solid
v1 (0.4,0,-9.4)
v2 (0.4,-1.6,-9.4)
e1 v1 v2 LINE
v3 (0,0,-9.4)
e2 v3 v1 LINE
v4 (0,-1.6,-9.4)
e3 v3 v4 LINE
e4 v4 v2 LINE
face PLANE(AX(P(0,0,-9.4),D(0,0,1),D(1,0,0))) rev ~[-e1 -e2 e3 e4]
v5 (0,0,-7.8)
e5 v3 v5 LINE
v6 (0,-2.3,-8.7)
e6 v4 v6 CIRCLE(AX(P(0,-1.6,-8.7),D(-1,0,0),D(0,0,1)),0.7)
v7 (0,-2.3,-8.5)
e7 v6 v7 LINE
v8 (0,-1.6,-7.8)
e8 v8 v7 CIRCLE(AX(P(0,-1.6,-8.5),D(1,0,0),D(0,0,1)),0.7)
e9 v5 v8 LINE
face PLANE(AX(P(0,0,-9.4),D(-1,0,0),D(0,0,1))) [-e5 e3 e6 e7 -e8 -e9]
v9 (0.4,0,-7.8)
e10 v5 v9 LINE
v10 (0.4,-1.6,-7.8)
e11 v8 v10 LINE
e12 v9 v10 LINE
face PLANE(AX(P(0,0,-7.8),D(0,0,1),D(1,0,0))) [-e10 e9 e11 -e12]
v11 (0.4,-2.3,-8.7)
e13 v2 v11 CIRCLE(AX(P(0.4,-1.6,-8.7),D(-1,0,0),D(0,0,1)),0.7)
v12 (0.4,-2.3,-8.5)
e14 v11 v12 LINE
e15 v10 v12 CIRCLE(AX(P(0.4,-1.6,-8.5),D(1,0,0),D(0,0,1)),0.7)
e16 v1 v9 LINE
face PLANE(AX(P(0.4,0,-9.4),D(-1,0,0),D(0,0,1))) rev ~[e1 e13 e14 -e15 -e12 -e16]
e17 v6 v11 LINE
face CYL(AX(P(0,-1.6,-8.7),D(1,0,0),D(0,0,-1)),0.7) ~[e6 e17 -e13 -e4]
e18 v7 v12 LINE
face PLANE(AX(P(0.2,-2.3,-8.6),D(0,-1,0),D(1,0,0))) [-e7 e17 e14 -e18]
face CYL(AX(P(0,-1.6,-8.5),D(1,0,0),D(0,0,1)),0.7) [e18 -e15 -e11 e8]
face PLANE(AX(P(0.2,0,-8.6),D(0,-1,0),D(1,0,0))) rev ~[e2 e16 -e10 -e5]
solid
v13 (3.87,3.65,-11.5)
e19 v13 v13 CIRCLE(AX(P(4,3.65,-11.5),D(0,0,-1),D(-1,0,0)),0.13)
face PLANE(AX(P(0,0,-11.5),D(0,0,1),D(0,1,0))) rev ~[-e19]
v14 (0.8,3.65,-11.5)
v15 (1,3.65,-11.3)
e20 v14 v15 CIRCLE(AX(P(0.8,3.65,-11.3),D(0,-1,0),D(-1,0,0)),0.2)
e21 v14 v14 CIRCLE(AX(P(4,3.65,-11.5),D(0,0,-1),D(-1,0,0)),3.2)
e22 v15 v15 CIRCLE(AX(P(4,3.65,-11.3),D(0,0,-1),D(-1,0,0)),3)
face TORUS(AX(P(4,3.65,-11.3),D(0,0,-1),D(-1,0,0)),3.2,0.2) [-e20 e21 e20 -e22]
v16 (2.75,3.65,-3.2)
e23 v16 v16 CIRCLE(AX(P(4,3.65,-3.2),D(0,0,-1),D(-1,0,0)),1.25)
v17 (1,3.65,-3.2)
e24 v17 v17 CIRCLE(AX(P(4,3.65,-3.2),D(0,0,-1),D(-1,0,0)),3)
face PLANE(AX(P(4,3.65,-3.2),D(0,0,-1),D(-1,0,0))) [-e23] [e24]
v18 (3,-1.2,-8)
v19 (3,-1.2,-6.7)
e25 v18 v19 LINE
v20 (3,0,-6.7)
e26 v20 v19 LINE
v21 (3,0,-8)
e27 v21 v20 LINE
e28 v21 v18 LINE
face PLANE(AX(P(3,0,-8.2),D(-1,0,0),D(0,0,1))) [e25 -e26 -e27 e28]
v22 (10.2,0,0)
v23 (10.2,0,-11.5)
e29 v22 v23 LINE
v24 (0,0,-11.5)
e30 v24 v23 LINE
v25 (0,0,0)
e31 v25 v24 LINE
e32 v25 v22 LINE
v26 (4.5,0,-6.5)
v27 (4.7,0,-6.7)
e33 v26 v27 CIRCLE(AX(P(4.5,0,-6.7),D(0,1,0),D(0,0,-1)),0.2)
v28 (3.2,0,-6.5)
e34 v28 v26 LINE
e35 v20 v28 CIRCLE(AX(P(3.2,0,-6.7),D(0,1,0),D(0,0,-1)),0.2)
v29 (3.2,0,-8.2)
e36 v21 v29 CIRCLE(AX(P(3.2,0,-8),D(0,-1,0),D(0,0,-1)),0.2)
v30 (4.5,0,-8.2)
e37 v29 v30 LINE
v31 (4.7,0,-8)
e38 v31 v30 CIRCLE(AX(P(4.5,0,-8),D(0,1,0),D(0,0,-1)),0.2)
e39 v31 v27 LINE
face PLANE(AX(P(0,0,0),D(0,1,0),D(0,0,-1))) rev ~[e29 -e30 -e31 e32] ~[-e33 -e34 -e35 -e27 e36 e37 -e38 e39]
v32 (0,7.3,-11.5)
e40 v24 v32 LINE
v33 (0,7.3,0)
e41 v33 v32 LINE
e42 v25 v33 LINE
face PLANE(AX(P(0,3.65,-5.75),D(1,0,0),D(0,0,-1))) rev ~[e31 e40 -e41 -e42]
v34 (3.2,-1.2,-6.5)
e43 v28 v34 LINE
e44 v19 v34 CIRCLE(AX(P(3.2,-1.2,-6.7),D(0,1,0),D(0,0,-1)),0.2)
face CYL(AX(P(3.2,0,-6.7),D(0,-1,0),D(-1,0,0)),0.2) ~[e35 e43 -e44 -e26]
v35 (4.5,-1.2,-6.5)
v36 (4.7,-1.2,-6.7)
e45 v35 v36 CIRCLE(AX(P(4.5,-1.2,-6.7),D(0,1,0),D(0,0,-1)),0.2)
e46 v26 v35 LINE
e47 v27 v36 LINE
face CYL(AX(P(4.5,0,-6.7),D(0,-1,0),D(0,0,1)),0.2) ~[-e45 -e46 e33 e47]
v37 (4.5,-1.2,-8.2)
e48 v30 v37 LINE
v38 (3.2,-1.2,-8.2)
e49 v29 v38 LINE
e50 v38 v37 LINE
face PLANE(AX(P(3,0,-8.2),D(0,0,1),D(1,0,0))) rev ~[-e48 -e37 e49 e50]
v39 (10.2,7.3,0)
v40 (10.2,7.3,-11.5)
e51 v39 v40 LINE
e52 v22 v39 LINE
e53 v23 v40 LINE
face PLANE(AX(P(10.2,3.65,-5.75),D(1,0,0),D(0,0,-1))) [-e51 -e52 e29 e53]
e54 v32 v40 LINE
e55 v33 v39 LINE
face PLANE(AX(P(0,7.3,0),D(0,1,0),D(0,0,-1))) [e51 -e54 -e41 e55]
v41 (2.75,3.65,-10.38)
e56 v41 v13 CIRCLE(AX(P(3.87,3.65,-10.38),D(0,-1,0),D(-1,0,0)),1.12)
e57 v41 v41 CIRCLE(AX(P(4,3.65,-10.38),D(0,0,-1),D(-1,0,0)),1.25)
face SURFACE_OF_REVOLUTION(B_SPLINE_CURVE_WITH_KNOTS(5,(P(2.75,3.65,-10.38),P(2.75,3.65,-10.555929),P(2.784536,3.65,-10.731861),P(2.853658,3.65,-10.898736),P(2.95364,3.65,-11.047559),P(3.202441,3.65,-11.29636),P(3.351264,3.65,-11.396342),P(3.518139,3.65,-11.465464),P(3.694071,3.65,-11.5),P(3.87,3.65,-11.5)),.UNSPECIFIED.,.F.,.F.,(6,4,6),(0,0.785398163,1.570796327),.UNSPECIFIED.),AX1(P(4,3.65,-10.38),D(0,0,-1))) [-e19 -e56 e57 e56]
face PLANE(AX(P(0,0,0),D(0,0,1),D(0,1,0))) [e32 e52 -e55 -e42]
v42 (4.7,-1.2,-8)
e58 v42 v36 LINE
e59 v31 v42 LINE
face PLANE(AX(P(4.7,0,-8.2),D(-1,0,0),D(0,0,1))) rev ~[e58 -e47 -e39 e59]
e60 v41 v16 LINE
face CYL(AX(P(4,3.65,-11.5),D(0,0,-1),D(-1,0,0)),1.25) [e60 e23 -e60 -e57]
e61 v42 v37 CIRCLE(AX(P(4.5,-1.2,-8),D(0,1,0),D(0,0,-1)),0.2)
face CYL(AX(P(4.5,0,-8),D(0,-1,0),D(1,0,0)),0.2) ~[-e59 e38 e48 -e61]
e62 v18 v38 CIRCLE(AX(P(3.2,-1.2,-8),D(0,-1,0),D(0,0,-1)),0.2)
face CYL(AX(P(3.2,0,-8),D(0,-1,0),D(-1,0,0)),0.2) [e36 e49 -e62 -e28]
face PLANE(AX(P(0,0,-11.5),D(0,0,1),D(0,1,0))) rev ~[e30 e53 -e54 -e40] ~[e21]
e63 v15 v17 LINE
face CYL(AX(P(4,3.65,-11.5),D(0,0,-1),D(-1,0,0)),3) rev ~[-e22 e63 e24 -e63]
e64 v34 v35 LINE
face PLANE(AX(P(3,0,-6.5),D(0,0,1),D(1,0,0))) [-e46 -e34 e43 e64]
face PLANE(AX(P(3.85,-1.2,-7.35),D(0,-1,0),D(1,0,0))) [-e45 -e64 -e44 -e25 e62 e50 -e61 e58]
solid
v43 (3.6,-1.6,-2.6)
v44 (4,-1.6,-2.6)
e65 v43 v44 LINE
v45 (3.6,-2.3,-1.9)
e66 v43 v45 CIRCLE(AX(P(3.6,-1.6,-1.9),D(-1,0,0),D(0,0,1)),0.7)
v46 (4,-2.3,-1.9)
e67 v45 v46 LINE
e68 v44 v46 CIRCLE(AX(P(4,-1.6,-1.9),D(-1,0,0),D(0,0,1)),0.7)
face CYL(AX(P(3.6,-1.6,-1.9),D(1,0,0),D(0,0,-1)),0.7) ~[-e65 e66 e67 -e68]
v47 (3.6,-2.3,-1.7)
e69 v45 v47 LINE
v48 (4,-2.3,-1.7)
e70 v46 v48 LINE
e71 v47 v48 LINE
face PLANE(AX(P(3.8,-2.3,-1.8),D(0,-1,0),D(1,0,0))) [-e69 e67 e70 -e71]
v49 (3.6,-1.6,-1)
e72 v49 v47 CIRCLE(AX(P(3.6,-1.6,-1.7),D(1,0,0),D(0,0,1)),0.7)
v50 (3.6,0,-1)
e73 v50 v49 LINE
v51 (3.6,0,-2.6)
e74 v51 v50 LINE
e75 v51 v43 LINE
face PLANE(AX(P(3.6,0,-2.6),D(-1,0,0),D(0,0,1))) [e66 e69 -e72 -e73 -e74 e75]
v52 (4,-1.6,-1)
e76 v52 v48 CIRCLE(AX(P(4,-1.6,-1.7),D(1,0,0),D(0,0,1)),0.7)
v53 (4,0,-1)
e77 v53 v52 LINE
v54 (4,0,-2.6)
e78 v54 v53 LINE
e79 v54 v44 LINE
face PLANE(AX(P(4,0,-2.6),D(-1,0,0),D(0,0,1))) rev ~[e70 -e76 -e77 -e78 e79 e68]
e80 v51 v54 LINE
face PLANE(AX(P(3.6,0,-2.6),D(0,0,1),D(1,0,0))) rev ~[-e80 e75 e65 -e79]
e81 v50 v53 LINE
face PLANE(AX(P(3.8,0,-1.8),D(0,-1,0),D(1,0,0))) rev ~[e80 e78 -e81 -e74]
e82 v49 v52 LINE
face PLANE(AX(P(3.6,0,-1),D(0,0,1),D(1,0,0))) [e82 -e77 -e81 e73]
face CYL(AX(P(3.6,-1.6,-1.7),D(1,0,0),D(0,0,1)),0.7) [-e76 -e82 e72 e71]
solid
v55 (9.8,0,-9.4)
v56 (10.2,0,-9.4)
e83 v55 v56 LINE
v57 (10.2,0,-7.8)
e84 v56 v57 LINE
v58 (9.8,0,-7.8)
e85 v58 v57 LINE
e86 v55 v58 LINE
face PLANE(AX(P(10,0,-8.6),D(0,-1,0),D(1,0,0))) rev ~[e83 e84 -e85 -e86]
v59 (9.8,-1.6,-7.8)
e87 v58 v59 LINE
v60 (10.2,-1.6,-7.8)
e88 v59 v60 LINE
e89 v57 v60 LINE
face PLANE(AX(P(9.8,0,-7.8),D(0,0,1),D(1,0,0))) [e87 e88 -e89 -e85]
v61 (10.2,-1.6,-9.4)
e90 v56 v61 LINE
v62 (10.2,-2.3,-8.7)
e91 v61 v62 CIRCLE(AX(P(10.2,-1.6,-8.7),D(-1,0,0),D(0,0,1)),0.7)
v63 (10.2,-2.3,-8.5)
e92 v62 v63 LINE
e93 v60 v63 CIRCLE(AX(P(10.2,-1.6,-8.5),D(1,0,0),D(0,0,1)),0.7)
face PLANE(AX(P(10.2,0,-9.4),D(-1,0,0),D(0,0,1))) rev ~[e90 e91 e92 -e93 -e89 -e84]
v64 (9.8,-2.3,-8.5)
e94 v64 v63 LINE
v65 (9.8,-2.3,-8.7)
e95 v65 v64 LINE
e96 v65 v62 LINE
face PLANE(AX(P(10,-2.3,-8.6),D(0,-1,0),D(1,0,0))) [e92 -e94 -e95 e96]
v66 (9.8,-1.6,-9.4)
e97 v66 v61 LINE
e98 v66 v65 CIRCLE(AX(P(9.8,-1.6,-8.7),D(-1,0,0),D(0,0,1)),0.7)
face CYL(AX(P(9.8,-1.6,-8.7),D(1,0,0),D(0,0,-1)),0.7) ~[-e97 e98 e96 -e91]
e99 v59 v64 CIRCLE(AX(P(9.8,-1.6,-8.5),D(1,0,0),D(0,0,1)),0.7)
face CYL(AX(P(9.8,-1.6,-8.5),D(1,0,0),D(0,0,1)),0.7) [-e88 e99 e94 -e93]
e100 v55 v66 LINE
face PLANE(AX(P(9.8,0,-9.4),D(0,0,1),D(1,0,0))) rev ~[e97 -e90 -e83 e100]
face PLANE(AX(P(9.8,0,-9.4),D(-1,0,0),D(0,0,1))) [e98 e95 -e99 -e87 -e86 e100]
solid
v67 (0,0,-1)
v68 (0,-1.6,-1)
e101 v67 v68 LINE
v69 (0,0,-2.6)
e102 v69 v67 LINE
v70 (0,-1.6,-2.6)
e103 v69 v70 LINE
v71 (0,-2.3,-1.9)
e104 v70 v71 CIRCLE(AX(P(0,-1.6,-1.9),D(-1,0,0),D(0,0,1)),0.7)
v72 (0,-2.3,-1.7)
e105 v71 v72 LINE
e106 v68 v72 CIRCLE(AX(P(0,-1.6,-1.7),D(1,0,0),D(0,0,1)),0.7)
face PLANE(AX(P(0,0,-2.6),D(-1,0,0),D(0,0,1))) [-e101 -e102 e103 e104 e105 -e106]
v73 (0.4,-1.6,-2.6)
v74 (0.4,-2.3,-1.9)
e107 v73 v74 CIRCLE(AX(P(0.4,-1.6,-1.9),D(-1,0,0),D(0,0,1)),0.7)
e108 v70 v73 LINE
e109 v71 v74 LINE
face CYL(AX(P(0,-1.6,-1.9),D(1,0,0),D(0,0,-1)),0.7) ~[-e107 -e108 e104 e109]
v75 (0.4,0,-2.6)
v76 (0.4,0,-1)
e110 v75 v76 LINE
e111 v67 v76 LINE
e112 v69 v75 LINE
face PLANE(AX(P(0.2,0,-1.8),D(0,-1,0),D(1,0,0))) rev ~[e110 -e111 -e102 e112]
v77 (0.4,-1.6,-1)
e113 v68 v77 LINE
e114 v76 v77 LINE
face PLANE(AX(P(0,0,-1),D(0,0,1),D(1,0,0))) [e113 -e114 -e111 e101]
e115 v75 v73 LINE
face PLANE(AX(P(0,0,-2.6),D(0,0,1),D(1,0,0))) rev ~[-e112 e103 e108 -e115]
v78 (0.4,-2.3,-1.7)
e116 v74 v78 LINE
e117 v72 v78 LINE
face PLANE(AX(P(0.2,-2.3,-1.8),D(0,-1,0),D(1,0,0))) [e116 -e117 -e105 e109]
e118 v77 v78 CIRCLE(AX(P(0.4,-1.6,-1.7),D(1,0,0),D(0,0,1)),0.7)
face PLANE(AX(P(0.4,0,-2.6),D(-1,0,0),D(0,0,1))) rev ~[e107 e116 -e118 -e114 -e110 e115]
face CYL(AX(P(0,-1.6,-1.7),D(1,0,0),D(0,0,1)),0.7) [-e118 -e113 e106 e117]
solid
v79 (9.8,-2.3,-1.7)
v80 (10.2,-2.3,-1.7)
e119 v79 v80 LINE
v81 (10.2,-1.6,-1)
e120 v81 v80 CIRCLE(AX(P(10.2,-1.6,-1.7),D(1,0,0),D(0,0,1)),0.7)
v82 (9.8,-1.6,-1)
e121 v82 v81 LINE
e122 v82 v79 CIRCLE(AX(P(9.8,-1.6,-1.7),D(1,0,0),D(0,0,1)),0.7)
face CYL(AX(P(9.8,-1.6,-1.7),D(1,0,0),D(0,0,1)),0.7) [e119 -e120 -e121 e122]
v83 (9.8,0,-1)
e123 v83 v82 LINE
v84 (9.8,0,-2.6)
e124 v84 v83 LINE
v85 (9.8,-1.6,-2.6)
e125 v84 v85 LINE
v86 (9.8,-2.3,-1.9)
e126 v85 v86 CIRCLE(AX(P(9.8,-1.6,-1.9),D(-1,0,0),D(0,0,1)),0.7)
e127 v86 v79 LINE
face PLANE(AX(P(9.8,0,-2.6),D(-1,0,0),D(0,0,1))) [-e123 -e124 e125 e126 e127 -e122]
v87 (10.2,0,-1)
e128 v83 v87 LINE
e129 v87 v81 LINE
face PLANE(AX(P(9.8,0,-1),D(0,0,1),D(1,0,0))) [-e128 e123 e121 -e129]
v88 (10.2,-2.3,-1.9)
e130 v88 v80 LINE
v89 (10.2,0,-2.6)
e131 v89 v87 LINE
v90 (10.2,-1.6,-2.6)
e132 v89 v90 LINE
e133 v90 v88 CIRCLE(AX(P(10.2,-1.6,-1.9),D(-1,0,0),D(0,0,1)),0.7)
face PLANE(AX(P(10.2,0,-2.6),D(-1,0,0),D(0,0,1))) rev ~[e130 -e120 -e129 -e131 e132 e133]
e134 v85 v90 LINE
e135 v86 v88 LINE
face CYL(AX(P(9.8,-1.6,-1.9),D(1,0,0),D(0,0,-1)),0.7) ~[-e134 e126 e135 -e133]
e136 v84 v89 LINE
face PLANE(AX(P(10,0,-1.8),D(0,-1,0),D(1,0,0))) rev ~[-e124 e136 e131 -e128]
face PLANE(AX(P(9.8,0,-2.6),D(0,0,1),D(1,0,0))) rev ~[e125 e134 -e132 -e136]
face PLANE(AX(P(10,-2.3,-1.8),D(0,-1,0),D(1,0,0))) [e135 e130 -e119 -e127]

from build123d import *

# Parameters (mm, degrees)
SKETCH_1_W          = 11.5
SKETCH_1_H          = 7.3
EXTRUDE_1_DEPTH     = 10.2
SKETCH_2_R          = 3
SKETCH_2_R_2        = 1.25
CUT_EXTRUDE_1_DEPTH = 8.3
FILLET_1_R          = 1.12
SKETCH_3_W          = 0.4
SKETCH_3_H          = 1.6
EXTRUDE_2_DEPTH     = 2.3
EXTRUDE_2_2_DEPTH   = 2.3
EXTRUDE_2_3_DEPTH   = 2.3
EXTRUDE_2_4_DEPTH   = 2.3
EXTRUDE_2_5_DEPTH   = 2.3
FILLET_2_R          = 0.7
FILLET_3_R          = 0.7
FILLET_4_R          = 0.7
FILLET_5_R          = 0.7
FILLET_6_R          = 0.7
SKETCH_4_W          = 1.7
SKETCH_4_H          = 1.7
EXTRUDE_3_DEPTH     = 1.2
FILLET_7_R          = 0.2
FILLET_8_R          = 0.2


with BuildPart() as part:
    # Эскиз1 → Бобышка-Вытянуть1 (new body)
    with BuildSketch(Plane(origin=(0, 0, 0), x_dir=(0, 0, -1), z_dir=(1, 0, 0))):
        with Locations((5.75, 3.65)):
            Rectangle(SKETCH_1_W, SKETCH_1_H)
    extrude(amount=EXTRUDE_1_DEPTH)

    # Эскиз2 → Вырез-Вытянуть1 (cut)
    with BuildSketch(Plane(origin=(0, 0, -11.5), x_dir=(-1, 0, 0), z_dir=(0, 0, -1))):
        with Locations((-4, 3.65)):
            Circle(SKETCH_2_R)
        with Locations((-4, 3.65)):
            Circle(SKETCH_2_R_2, mode=Mode.SUBTRACT)
    extrude(amount=-CUT_EXTRUDE_1_DEPTH, mode=Mode.SUBTRACT)

    # Скругление1
    fillet_1_edges = [part.edges().sort_by_distance(p)[0] for p in [
        (5.25, 3.65, -11.5),
    ]]
    fillet(fillet_1_edges, radius=FILLET_1_R)

    # Эскиз4 → Бобышка-Вытянуть3 (add)
    with BuildSketch(Plane.XZ):
        with Locations((3.85, -7.35)):
            Rectangle(SKETCH_4_W, SKETCH_4_H)
    extrude(amount=EXTRUDE_3_DEPTH)

    # Скругление7
    fillet_7_edges = [part.edges().sort_by_distance(p)[0] for p in [
        (3, -0.6, -6.5),
        (3, -0.6, -8.2),
        (4.7, -0.6, -8.2),
        (4.7, -0.6, -6.5),
    ]]
    fillet(fillet_7_edges, radius=FILLET_7_R)

    # Скругление8
    fillet_8_edges = [part.edges().sort_by_distance(p)[0] for p in [
        (7, 3.65, -11.5),
    ]]
    fillet(fillet_8_edges, radius=FILLET_8_R)


with BuildPart() as body_2:
    # Эскиз3 → Бобышка-Вытянуть2 (new body)
    with BuildSketch(Plane.XZ):
        with Locations((0.2, -1.8)):
            Rectangle(SKETCH_3_W, SKETCH_3_H)
    extrude(amount=EXTRUDE_2_DEPTH)

    # Скругление2
    fillet_2_edges = [body_2.edges().sort_by_distance(p)[0] for p in [
        (0.2, -2.3, -1),
        (0.2, -2.3, -2.6),
    ]]
    fillet(fillet_2_edges, radius=FILLET_2_R)


with BuildPart() as body_3:
    # Эскиз3 → Extrude 2 2 (new body)
    with BuildSketch(Plane.XZ):
        with Locations((0.2, -8.6)):
            Rectangle(SKETCH_3_W, SKETCH_3_H)
    extrude(amount=EXTRUDE_2_2_DEPTH)

    # Скругление5
    fillet_5_edges = [body_3.edges().sort_by_distance(p)[0] for p in [
        (0.2, -2.3, -7.8),
        (0.2, -2.3, -9.4),
    ]]
    fillet(fillet_5_edges, radius=FILLET_5_R)


with BuildPart() as body_4:
    # Эскиз3 → Extrude 2 3 (new body)
    with BuildSketch(Plane.XZ):
        with Locations((10, -8.6)):
            Rectangle(SKETCH_3_W, SKETCH_3_H)
    extrude(amount=EXTRUDE_2_3_DEPTH)

    # Скругление6
    fillet_6_edges = [body_4.edges().sort_by_distance(p)[0] for p in [
        (10, -2.3, -7.8),
        (10, -2.3, -9.4),
    ]]
    fillet(fillet_6_edges, radius=FILLET_6_R)


with BuildPart() as body_5:
    # Эскиз3 → Extrude 2 4 (new body)
    with BuildSketch(Plane.XZ):
        with Locations((10, -1.8)):
            Rectangle(SKETCH_3_W, SKETCH_3_H)
    extrude(amount=EXTRUDE_2_4_DEPTH)

    # Скругление4
    fillet_4_edges = [body_5.edges().sort_by_distance(p)[0] for p in [
        (10, -2.3, -1),
        (10, -2.3, -2.6),
    ]]
    fillet(fillet_4_edges, radius=FILLET_4_R)


with BuildPart() as body_6:
    # Эскиз3 → Extrude 2 5 (new body)
    with BuildSketch(Plane.XZ):
        with Locations((3.8, -1.8)):
            Rectangle(SKETCH_3_W, SKETCH_3_H)
    extrude(amount=EXTRUDE_2_5_DEPTH)

    # Скругление3
    fillet_3_edges = [body_6.edges().sort_by_distance(p)[0] for p in [
        (3.8, -2.3, -1),
        (3.8, -2.3, -2.6),
    ]]
    fillet(fillet_3_edges, radius=FILLET_3_R)


solid = Compound([part.part, body_2.part, body_3.part, body_4.part, body_5.part, body_6.part])
